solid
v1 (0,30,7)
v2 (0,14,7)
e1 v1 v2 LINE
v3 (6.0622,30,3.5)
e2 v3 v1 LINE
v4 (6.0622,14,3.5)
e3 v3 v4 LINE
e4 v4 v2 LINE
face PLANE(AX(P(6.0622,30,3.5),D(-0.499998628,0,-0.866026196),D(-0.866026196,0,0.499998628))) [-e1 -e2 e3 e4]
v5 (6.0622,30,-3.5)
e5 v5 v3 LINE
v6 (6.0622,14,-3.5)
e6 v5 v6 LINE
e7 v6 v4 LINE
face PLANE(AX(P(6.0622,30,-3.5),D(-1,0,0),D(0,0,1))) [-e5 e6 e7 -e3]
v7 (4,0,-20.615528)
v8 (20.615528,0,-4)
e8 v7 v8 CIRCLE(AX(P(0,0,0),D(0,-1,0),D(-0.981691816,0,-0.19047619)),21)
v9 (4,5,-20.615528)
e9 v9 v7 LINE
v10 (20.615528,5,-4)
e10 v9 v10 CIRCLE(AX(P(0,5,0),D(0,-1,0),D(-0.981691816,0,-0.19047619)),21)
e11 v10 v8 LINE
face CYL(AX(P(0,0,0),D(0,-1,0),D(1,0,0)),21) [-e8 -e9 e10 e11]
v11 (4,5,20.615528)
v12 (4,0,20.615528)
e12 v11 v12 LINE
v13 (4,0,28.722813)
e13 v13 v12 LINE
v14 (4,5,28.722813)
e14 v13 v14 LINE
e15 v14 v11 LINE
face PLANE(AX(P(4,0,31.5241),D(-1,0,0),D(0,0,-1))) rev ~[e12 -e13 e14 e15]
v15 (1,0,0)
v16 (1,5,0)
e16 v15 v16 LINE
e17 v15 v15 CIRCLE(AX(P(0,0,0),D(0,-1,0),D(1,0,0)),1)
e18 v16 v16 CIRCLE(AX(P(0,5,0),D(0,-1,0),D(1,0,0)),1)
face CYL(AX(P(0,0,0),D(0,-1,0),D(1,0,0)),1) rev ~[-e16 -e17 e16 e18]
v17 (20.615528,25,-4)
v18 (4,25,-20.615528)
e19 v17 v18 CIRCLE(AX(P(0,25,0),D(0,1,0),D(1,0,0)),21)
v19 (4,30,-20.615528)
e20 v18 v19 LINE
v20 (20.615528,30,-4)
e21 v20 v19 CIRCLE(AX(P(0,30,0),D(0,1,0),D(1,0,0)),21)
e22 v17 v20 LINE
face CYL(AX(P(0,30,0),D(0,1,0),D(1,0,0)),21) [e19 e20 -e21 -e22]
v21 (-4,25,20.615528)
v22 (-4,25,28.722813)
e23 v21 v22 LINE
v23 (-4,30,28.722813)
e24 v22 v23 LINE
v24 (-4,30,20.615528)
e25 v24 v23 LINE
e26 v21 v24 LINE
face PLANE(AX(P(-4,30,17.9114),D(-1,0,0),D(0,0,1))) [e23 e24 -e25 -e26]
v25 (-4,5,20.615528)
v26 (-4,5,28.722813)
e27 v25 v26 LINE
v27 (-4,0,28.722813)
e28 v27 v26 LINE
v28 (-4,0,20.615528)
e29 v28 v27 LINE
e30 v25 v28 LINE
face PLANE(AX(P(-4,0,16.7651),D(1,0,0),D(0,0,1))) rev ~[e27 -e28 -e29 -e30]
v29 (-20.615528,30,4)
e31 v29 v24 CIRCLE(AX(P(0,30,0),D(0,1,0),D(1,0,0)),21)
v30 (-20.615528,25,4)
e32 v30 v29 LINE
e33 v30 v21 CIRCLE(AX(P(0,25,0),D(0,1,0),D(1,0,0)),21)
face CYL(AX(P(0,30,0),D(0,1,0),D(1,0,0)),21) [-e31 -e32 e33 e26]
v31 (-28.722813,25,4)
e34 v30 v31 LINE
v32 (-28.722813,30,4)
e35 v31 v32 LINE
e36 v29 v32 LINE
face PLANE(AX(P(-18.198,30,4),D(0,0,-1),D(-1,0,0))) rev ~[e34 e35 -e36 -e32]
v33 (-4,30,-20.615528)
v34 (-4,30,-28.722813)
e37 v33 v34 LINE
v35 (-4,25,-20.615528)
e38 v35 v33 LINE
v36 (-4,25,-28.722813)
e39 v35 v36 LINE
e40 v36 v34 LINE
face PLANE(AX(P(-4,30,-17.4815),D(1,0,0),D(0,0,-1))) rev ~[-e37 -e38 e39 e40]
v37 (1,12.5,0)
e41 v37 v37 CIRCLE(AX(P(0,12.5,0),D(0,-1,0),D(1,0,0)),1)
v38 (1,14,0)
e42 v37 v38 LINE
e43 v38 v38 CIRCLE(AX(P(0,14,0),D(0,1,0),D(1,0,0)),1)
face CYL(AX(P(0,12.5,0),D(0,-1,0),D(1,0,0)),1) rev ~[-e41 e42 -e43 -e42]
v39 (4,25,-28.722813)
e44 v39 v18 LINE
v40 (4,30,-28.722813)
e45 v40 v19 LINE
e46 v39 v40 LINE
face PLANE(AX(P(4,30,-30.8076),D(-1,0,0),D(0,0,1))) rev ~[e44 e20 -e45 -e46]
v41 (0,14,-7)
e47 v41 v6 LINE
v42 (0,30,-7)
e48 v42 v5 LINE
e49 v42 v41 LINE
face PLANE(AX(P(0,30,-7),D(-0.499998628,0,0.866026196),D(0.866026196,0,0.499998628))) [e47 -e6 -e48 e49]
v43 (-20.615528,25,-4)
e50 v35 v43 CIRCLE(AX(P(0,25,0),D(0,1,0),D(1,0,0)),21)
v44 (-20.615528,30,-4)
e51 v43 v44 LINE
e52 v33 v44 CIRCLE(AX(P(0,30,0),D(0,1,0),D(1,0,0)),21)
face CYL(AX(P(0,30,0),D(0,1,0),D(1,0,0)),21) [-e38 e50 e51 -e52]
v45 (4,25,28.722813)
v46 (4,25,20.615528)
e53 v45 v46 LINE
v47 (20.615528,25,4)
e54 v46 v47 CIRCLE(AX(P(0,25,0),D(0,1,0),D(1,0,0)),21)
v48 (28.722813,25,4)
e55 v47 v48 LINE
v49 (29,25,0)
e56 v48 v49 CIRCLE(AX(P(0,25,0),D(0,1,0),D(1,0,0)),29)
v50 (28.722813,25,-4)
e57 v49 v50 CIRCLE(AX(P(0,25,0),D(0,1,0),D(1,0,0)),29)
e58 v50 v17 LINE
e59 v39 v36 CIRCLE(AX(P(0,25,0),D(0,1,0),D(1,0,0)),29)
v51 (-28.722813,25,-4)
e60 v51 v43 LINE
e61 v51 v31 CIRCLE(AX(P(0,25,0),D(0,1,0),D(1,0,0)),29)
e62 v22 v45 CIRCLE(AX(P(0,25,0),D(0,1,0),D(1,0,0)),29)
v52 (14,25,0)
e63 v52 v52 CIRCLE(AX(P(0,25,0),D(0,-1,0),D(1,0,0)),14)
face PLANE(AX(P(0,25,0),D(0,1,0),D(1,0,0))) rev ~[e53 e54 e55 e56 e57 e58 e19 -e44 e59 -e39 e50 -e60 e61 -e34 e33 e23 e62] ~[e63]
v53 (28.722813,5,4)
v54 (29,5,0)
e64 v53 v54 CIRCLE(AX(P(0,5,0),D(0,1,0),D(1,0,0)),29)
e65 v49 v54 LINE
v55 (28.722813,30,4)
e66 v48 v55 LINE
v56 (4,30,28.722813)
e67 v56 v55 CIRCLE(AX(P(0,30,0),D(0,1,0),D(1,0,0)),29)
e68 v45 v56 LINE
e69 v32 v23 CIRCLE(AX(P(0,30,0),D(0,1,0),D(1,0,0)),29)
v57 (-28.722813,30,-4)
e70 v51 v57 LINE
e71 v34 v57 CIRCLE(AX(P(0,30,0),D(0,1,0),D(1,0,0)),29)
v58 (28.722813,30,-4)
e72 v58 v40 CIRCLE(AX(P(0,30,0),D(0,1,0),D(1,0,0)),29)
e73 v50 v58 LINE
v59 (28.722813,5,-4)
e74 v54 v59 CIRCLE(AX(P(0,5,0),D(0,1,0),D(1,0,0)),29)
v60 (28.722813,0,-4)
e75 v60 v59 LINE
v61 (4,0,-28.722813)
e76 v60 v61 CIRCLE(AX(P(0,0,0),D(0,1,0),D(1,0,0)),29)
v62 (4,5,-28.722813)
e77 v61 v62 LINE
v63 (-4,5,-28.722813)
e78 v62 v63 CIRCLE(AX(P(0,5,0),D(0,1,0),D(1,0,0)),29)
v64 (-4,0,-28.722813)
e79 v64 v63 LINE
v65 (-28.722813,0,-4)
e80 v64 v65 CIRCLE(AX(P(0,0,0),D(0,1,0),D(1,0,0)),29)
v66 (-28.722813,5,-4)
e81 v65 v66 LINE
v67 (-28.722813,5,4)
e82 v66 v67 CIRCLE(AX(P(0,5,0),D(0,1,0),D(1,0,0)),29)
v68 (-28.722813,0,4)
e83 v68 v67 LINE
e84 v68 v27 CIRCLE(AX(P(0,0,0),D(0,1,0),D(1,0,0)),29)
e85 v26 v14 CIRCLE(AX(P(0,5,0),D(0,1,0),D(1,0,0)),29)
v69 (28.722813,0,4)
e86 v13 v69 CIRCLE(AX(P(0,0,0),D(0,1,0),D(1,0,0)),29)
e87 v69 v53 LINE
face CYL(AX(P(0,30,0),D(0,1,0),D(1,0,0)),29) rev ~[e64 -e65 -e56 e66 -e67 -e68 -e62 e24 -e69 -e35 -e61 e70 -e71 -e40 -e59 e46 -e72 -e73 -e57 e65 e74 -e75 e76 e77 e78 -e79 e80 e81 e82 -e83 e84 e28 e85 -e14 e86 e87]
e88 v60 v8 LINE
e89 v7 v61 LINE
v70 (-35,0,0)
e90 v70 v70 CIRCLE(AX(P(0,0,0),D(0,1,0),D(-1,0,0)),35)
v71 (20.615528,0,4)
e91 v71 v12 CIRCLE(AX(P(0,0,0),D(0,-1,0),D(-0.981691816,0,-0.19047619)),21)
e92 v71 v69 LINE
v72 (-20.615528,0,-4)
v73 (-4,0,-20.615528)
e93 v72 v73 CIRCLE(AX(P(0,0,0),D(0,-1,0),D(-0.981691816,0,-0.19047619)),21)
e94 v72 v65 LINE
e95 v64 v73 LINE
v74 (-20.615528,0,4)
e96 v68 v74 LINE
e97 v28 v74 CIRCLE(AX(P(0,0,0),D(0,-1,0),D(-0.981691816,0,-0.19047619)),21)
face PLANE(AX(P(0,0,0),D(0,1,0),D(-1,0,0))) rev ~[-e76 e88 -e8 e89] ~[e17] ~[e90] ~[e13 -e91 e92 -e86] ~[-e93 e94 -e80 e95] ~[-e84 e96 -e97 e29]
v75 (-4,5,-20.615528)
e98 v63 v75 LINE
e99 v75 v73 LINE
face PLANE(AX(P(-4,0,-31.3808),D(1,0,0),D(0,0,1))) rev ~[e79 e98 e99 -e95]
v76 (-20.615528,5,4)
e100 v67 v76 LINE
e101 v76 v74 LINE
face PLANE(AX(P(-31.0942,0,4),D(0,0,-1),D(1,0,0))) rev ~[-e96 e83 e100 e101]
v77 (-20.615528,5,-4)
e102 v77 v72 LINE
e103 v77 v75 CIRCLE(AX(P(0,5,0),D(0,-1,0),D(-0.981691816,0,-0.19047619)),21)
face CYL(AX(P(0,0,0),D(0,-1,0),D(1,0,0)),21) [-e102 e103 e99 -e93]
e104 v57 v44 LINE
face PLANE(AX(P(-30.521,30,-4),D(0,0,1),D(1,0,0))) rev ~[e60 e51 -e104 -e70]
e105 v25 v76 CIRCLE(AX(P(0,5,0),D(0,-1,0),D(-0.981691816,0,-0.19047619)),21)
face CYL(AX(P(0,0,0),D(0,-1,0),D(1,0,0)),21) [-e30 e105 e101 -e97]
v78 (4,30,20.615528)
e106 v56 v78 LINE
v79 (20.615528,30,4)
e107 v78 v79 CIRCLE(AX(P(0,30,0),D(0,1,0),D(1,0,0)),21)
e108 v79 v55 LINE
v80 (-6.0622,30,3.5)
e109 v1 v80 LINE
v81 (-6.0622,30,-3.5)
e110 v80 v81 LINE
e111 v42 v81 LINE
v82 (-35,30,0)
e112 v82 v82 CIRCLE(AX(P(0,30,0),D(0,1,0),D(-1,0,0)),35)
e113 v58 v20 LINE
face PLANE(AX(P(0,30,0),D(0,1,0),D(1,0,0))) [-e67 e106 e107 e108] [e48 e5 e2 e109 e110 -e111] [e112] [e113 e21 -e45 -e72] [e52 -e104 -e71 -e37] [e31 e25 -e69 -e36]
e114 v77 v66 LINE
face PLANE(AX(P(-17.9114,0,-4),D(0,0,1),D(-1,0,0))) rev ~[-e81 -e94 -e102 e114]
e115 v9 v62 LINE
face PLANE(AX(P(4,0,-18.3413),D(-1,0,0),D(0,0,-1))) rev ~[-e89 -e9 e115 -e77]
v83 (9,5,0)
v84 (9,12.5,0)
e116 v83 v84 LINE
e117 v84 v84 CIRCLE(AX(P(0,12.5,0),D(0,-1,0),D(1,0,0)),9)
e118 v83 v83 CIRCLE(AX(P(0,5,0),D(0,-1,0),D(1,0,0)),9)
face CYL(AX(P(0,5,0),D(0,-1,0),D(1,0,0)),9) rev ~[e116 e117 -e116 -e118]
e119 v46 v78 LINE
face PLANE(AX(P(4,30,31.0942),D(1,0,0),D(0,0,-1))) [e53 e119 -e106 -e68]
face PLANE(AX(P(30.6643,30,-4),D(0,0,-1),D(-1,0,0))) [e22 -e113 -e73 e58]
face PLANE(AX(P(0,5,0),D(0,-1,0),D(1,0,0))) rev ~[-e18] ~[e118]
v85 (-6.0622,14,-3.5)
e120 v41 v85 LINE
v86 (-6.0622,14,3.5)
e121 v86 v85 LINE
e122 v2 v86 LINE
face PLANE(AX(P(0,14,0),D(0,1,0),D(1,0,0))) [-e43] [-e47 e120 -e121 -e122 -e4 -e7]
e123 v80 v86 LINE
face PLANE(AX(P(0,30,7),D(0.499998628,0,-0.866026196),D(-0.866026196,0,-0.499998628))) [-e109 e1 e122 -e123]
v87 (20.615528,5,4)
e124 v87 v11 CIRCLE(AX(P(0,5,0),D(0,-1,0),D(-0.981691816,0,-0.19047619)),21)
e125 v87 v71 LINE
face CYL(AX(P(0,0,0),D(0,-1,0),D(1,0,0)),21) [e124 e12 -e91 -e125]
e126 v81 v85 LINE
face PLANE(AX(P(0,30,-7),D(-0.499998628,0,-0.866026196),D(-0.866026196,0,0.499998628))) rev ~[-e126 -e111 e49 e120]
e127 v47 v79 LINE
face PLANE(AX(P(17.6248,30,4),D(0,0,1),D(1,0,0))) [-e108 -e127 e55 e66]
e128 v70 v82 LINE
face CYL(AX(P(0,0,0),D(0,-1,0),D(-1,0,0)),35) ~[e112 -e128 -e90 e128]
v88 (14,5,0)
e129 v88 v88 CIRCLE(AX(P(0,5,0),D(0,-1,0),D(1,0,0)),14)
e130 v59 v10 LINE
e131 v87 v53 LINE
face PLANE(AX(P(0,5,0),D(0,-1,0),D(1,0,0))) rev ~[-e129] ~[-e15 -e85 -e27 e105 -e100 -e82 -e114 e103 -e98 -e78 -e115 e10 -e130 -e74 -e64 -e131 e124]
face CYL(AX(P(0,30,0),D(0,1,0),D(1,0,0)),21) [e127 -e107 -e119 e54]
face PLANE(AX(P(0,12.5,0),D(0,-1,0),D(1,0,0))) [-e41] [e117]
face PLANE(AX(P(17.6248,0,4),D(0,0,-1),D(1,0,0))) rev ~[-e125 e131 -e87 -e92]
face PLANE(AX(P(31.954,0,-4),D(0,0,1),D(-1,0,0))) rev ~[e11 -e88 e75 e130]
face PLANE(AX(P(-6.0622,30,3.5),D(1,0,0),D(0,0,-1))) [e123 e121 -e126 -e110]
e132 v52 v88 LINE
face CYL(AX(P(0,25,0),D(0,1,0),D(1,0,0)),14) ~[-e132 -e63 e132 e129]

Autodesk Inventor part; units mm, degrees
ref_plane "YZ Plane" through (0, 0, 0) normal (1, 0, 0) x (0, 1, 0)
ref_plane "XZ Plane" through (0, 0, 0) normal (0, 1, 0) x (-1, 0, 0)
ref_plane "XY Plane" through (0, 0, 0) normal (0, 0, 1) x (1, 0, 0)
sketch "Sketch1" plane through (0, 0, 0) normal (0, 1, 0) x (-1, 0, 0)
  circle A0 centre (0, 0) radius 35
  dimension "d0" = 70
extrude "Extrusion1" add sketch "Sketch1" along normal blind 30
sketch "Sketch2" plane through (0, 30, 0) normal (0, 1, 0) x (1, 0, 0)
  circle A0 centre (0, 0) radius 29
  dimension "d3" = 58
extrude "Extrusion2" cut sketch "Sketch2" against normal blind 30
sketch "Sketch3" plane through (0, 30, 0) normal (0, 1, 0) x (1, 0, 0)
  circle A0 centre (0, 0) radius 21
  dimension "d6" = 42
extrude "Extrusion3" add sketch "Sketch3" against normal blind 5
sketch "Sketch4" plane through (0, 25, 0) normal (0, -1, 0) x (1, 0, 0)
  circle A0 centre (0, 0) radius 14
  dimension "d9" = 28
extrude "Extrusion4" add sketch "Sketch4" along normal blind 20
sketch "Sketch5" plane through (0, 5, 0) normal (0, -1, 0) x (1, 0, 0)
  circle A0 centre (0, 0) radius 9
  dimension "d12" = 18
extrude "Extrusion5" cut sketch "Sketch5" against normal blind 20
sketch "Sketch6" plane through (0, 25, 0) normal (0, -1, 0) x (1, 0, 0)
  circle A0 centre (0, 0) radius 9
  dimension "d15" = 18
extrude "Extrusion6" add sketch "Sketch6" along normal blind 12.5
sketch "Sketch8" plane through (0, 12.5, 0) normal (0, -1, 0) x (1, 0, 0)
  circle A0 centre (0, 0) radius 1
  dimension "d26" = 2
extrude "Extrusion8" cut sketch "Sketch8" against normal blind 17.5
sketch "Sketch9" plane through (0, 0, 0) normal (0, -1, 0) x (1, 0, 0)
  circle A0 centre (0, 0) radius 1 projected
  circle A1 centre (0, 0) radius 21
extrude "Extrusion9" add sketch "Sketch9" against normal blind 5
sketch "Sketch10" plane through (0, 30, 0) normal (0, 1, 0) x (1, 0, 0)
  line L0 (17.6248, 0) -> (17.6248, -4)
  line L1 (17.6248, -4) -> (30.6643, -4)
  line L2 (30.6643, -4) -> (30.6643, 4)
  line L3 (30.6643, 4) -> (17.6248, 4)
  line L4 (17.6248, 4) -> (17.6248, 0)
  point P0 (0, 0)
  dimension "d31" = 4
  dimension "d32" = 8
extrude "Extrusion10" add sketch "Sketch10" against normal blind 5
sketch "Sketch11" plane through (0, 30, 0) normal (0, 1, 0) x (1, 0, 0)
  line L0 (0, 30.8076) -> (4, 30.8076)
  line L1 (4, 30.8076) -> (4, 17.4815)
  line L2 (4, 17.4815) -> (-4, 17.4815)
  line L3 (-4, 17.4815) -> (-4, 30.8076)
  line L4 (-4, 30.8076) -> (0, 30.8076)
  point P0 (0, 0)
  dimension "d35" = 4
  dimension "d36" = 8
extrude "Extrusion11" add sketch "Sketch11" against normal blind 5
sketch "Sketch12" plane through (0, 25, 0) normal (0, -1, 0) x (1, 0, 0)
  point P0 (0, 0)
sketch "Sketch13" plane through (0, 30, 0) normal (0, 1, 0) x (1, 0, 0)
  line L0 (0, -17.9114) -> (-4, -17.9114)
  line L1 (-4, -17.9114) -> (-4, -31.0942)
  line L2 (-4, -31.0942) -> (4, -31.0942)
  line L3 (4, -31.0942) -> (4, -17.9114)
  line L4 (4, -17.9114) -> (0, -17.9114)
  point P0 (0, 0)
  dimension "d39" = 4
  dimension "d40" = 8
extrude "Extrusion12" add sketch "Sketch13" against normal blind 5
sketch "Sketch14" plane through (0, 30, 0) normal (0, 1, 0) x (1, 0, 0)
  line L0 (-30.521, 0) -> (-30.521, 4)
  line L1 (-30.521, 4) -> (-18.198, 4)
  line L2 (-18.198, 4) -> (-18.198, -4)
  line L3 (-18.198, -4) -> (-30.521, -4)
  line L4 (-30.521, -4) -> (-30.521, 0)
  point P0 (0, 0)
  dimension "d43" = 4
  dimension "d44" = 8
extrude "Extrusion13" add sketch "Sketch14" against normal blind 5
sketch "Sketch15" plane through (0, 0, 0) normal (0, -1, 0) x (1, 0, 0)
  line L0 (-31.0942, 0) -> (-31.0942, 4)
  line L1 (-31.0942, 4) -> (-17.9114, 4)
  line L2 (-17.9114, 4) -> (-17.9114, -4)
  line L3 (-17.9114, -4) -> (-31.0942, -4)
  line L4 (-31.0942, -4) -> (-31.0942, 0)
  point P0 (0, 0)
  dimension "d47" = 4
  dimension "d48" = 8
extrude "Extrusion14" add sketch "Sketch15" against normal blind 5
sketch "Sketch16" plane through (0, 0, 0) normal (0, -1, 0) x (1, 0, 0)
  line L0 (0, 31.5241) -> (4, 31.5241)
  line L1 (4, 31.5241) -> (4, 16.7651)
  line L2 (4, 16.7651) -> (-4, 16.7651)
  line L3 (-4, 16.7651) -> (-4, 31.5241)
  line L4 (-4, 31.5241) -> (0, 31.5241)
  point P0 (0, 0)
  dimension "d51" = 4
  dimension "d52" = 8
extrude "Extrusion15" add sketch "Sketch16" against normal blind 5
sketch "Sketch17" plane through (0, 0, 0) normal (0, -1, 0) x (1, 0, 0)
  line L0 (31.954, 0) -> (31.954, -4)
  line L1 (31.954, -4) -> (17.6248, -4)
  line L2 (17.6248, -4) -> (17.6248, 4)
  line L3 (17.6248, 4) -> (31.954, 4)
  line L4 (31.954, 4) -> (31.954, 0)
  point P0 (0, 0)
  dimension "d55" = 4
  dimension "d56" = 8
extrude "Extrusion16" add sketch "Sketch17" against normal blind 5
sketch "Sketch18" plane through (0, 0, 0) normal (0, -1, 0) x (1, 0, 0)
  line L0 (0, -31.3808) -> (-4, -31.3808)
  line L1 (-4, -31.3808) -> (-4, -18.3413)
  line L2 (-4, -18.3413) -> (4, -18.3413)
  line L3 (4, -18.3413) -> (4, -31.3808)
  line L4 (4, -31.3808) -> (0, -31.3808)
  point P0 (0, 0)
  dimension "d59" = 4
  dimension "d60" = 8
extrude "Extrusion17" add sketch "Sketch18" against normal blind 5
sketch "Sketch19" plane through (0, 30, 0) normal (0, 1, 0) x (1, 0, 0)
  circle A0 centre (0, 0) radius 1 projected
  line L0 (0, 7) -> (6.0622, 3.5)
  line L1 (6.0622, 3.5) -> (6.0622, -3.5)
  line L2 (6.0622, -3.5) -> (0, -7)
  line L3 (0, -7) -> (-6.0622, -3.5)
  line L4 (-6.0622, -3.5) -> (-6.0622, 3.5)
  line L5 (0, 7) -> (-6.0622, 3.5)
  dimension "d64" = 7
  dimension "d65" = 7
extrude "Extrusion18" cut sketch "Sketch19" against normal blind 16
properties part number "Wheel_2.0"
